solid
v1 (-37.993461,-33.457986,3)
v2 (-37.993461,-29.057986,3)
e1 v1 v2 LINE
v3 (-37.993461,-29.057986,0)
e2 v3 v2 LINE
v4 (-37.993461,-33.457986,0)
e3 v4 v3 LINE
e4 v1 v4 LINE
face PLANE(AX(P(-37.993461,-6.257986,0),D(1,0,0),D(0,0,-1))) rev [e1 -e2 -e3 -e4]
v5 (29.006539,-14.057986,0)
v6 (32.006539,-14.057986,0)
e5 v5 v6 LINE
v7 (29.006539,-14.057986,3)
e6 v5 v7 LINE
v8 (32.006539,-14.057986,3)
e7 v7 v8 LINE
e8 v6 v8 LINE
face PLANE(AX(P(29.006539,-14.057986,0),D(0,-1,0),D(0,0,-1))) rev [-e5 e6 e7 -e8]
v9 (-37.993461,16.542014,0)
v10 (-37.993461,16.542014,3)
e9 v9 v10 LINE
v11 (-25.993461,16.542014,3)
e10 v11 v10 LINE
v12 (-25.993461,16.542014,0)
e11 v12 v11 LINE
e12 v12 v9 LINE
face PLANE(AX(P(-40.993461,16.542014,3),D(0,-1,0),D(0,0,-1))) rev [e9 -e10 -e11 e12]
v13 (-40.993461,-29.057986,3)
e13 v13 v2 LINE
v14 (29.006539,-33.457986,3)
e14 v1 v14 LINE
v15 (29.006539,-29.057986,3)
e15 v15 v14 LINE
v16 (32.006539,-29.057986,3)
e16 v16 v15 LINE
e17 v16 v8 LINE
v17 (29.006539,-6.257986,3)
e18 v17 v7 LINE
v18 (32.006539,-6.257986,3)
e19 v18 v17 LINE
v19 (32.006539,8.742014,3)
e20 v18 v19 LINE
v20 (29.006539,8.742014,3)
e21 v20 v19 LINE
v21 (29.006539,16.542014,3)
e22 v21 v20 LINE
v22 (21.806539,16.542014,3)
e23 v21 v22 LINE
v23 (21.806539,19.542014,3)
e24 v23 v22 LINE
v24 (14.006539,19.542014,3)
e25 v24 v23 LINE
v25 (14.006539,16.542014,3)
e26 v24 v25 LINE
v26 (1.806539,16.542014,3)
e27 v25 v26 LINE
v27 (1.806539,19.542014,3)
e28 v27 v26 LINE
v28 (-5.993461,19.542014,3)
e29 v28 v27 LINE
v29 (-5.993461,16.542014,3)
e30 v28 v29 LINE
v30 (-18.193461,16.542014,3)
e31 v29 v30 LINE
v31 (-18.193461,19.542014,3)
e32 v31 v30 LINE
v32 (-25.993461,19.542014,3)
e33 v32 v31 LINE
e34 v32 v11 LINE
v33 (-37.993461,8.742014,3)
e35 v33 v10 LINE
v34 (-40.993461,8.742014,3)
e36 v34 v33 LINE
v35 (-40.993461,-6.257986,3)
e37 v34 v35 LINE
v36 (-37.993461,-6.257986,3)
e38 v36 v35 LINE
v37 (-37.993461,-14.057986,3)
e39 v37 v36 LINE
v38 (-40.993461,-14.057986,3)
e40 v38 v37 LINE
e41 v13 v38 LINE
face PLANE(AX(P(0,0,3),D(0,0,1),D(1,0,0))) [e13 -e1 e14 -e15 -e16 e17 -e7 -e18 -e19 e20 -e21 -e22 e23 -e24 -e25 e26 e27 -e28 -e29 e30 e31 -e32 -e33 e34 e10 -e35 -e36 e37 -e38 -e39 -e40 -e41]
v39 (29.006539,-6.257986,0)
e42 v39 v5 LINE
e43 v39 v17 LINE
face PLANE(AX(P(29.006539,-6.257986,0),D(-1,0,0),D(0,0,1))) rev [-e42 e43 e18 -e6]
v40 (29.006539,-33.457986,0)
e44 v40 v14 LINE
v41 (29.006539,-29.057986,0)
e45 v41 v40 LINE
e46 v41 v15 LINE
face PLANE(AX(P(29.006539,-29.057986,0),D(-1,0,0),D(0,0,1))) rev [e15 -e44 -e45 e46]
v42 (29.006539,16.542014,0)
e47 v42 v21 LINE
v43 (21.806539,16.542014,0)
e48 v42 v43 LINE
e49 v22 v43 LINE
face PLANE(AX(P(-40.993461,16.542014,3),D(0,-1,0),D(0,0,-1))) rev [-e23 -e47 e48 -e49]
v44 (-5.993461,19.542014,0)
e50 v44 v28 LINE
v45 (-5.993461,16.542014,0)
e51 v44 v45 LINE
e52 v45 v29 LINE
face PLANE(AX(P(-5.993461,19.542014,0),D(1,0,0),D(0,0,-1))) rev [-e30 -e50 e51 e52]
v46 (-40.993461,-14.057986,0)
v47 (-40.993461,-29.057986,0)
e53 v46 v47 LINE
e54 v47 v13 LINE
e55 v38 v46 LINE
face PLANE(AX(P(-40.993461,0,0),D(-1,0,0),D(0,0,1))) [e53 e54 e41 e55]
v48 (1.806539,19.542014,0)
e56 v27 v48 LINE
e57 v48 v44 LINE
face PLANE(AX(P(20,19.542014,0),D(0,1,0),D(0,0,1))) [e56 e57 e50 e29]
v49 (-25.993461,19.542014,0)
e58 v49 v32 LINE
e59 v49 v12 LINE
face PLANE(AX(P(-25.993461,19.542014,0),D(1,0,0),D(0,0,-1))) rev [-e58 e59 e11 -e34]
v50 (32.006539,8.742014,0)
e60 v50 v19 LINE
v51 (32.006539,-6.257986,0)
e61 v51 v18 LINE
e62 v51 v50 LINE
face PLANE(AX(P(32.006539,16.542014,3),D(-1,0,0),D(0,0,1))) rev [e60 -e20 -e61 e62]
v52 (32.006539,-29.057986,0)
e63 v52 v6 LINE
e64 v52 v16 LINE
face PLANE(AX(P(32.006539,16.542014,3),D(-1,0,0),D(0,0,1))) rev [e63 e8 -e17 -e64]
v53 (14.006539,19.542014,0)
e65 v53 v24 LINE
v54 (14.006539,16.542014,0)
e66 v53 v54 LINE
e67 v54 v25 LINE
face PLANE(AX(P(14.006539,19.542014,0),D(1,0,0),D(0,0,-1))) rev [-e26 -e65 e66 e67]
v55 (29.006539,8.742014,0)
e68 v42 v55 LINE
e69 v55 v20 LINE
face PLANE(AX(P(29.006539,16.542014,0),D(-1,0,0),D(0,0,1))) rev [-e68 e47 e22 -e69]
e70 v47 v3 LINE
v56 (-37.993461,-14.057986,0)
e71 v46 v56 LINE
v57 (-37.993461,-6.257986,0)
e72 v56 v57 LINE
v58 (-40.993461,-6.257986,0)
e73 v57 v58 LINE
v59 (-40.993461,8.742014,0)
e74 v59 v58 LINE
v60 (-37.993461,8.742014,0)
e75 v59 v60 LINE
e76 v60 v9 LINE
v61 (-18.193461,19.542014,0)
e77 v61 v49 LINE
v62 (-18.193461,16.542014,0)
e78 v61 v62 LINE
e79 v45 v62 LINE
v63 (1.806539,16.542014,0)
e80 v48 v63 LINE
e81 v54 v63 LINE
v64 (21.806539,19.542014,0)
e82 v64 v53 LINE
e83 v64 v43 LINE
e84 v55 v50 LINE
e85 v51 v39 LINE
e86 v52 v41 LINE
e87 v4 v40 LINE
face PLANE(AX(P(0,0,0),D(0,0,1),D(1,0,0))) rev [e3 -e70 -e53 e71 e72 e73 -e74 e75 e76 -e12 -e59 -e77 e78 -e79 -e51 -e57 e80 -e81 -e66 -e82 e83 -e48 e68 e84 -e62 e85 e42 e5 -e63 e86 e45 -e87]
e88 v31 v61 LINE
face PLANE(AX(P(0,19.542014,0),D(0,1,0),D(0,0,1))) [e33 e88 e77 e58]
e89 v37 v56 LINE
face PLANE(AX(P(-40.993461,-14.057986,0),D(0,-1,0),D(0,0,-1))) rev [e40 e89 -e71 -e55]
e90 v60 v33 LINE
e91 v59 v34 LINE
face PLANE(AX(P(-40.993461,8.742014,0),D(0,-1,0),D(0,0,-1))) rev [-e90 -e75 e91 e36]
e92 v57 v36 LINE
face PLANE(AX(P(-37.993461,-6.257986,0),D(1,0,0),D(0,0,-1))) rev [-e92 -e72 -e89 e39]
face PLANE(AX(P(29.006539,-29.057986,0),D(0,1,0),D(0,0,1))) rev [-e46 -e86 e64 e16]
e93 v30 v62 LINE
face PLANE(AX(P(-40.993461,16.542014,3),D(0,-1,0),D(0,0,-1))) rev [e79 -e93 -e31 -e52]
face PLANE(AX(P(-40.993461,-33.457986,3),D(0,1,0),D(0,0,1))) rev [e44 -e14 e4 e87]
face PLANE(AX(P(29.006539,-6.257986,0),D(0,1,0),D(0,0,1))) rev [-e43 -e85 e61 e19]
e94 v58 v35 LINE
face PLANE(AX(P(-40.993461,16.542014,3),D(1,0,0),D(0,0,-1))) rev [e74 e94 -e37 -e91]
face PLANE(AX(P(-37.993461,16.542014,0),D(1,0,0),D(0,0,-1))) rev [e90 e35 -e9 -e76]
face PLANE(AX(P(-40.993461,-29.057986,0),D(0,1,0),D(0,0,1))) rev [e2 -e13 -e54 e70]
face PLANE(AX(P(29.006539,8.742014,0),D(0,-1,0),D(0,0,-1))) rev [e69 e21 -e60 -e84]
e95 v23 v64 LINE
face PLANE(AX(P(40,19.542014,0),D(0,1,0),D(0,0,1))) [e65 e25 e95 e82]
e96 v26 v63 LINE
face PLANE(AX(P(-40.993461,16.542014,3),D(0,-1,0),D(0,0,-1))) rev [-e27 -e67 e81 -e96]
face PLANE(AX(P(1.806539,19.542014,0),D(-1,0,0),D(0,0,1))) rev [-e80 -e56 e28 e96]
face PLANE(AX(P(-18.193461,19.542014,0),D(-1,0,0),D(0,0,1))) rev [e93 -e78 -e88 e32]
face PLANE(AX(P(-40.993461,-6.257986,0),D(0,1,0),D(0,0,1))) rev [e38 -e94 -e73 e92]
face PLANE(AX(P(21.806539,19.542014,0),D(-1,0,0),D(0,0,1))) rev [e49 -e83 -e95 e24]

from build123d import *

# Parameters (mm, degrees)
SKETCH1_W           = 73
SKETCH1_H           = 50
BOSS_EXTRUDE1_DEPTH = 3
SKETCH2_W           = 3
SKETCH2_H           = 7.8
CUT_EXTRUDE1_DEPTH  = 53.999062732
LPATTERN1_COUNT     = 3
LPATTERN1_PITCH     = 22.8
SKETCH3_W           = 3
SKETCH3_H           = 7.8
CUT_EXTRUDE2_DEPTH  = 53.999062732
LPATTERN2_COUNT     = 4
LPATTERN2_PITCH     = 22.8
SKETCH6_W           = 3
SKETCH6_H           = 19.4
CUT_EXTRUDE3_DEPTH  = 10
SKETCH7_W           = 7.8
SKETCH7_H           = 3
BOSS_EXTRUDE2_DEPTH = 3
LPATTERN3_COUNT     = 3
LPATTERN3_PITCH     = 20
SKETCH8_W           = 3
SKETCH8_H           = 15
BOSS_EXTRUDE3_DEPTH = 3


with BuildPart() as part:
    # Sketch1 → Boss-Extrude1 (new body)
    with BuildSketch(Plane.XY):
        with Locations((-4.493460648, -8.457986111)):
            Rectangle(SKETCH1_W, SKETCH1_H)
    extrude(amount=BOSS_EXTRUDE1_DEPTH)

    # Sketch2 → Cut-Extrude1 (cut, through all)
    with BuildSketch(Plane.XY.offset(3)):
        with Locations((-39.493460648, 12.642013889)):
            Rectangle(SKETCH2_W, SKETCH2_H)
    cut_extrude1 = extrude(amount=-CUT_EXTRUDE1_DEPTH, mode=Mode.SUBTRACT)

    # LPattern1: Cut-Extrude1 ×3
    with Locations(*[(0, -i * LPATTERN1_PITCH, 0) for i in range(1, LPATTERN1_COUNT)]):
        add(cut_extrude1, mode=Mode.SUBTRACT)

    # Sketch3 → Cut-Extrude2 (cut, through all)
    with BuildSketch(Plane.XY.offset(3)):
        with Locations((30.506539352, 12.642013889)):
            Rectangle(SKETCH3_W, SKETCH3_H)
    cut_extrude2 = extrude(amount=-CUT_EXTRUDE2_DEPTH, mode=Mode.SUBTRACT)

    # LPattern2: Cut-Extrude2 ×4
    with Locations(*[(0, -i * LPATTERN2_PITCH, 0) for i in range(1, LPATTERN2_COUNT)]):
        add(cut_extrude2, mode=Mode.SUBTRACT)

    # Sketch6 → Cut-Extrude3 (cut)
    with BuildSketch(Plane.XY.offset(3)):
        with Locations((-39.493460648, -23.757986111)):
            Rectangle(SKETCH6_W, SKETCH6_H)
    extrude(amount=-CUT_EXTRUDE3_DEPTH, mode=Mode.SUBTRACT)

    # Sketch7 → Boss-Extrude2 (add)
    with BuildSketch(Plane(origin=(0, 16.542013889, 0), x_dir=(1, 0, 0), z_dir=(0, 1, 0))):
        with Locations((-22.093460648, -1.5)):
            Rectangle(SKETCH7_W, SKETCH7_H)
    boss_extrude2 = extrude(amount=BOSS_EXTRUDE2_DEPTH)

    # LPattern3: Boss-Extrude2 ×3
    with Locations(*[(i * LPATTERN3_PITCH, 0, 0) for i in range(1, LPATTERN3_COUNT)]):
        add(boss_extrude2)

    # Sketch8 → Boss-Extrude3 (add)
    with BuildSketch(Plane.ZY.offset(37.993460648)):
        with Locations((1.5, -21.557986111)):
            Rectangle(SKETCH8_W, SKETCH8_H)
    extrude(amount=BOSS_EXTRUDE3_DEPTH)


solid = part.part
